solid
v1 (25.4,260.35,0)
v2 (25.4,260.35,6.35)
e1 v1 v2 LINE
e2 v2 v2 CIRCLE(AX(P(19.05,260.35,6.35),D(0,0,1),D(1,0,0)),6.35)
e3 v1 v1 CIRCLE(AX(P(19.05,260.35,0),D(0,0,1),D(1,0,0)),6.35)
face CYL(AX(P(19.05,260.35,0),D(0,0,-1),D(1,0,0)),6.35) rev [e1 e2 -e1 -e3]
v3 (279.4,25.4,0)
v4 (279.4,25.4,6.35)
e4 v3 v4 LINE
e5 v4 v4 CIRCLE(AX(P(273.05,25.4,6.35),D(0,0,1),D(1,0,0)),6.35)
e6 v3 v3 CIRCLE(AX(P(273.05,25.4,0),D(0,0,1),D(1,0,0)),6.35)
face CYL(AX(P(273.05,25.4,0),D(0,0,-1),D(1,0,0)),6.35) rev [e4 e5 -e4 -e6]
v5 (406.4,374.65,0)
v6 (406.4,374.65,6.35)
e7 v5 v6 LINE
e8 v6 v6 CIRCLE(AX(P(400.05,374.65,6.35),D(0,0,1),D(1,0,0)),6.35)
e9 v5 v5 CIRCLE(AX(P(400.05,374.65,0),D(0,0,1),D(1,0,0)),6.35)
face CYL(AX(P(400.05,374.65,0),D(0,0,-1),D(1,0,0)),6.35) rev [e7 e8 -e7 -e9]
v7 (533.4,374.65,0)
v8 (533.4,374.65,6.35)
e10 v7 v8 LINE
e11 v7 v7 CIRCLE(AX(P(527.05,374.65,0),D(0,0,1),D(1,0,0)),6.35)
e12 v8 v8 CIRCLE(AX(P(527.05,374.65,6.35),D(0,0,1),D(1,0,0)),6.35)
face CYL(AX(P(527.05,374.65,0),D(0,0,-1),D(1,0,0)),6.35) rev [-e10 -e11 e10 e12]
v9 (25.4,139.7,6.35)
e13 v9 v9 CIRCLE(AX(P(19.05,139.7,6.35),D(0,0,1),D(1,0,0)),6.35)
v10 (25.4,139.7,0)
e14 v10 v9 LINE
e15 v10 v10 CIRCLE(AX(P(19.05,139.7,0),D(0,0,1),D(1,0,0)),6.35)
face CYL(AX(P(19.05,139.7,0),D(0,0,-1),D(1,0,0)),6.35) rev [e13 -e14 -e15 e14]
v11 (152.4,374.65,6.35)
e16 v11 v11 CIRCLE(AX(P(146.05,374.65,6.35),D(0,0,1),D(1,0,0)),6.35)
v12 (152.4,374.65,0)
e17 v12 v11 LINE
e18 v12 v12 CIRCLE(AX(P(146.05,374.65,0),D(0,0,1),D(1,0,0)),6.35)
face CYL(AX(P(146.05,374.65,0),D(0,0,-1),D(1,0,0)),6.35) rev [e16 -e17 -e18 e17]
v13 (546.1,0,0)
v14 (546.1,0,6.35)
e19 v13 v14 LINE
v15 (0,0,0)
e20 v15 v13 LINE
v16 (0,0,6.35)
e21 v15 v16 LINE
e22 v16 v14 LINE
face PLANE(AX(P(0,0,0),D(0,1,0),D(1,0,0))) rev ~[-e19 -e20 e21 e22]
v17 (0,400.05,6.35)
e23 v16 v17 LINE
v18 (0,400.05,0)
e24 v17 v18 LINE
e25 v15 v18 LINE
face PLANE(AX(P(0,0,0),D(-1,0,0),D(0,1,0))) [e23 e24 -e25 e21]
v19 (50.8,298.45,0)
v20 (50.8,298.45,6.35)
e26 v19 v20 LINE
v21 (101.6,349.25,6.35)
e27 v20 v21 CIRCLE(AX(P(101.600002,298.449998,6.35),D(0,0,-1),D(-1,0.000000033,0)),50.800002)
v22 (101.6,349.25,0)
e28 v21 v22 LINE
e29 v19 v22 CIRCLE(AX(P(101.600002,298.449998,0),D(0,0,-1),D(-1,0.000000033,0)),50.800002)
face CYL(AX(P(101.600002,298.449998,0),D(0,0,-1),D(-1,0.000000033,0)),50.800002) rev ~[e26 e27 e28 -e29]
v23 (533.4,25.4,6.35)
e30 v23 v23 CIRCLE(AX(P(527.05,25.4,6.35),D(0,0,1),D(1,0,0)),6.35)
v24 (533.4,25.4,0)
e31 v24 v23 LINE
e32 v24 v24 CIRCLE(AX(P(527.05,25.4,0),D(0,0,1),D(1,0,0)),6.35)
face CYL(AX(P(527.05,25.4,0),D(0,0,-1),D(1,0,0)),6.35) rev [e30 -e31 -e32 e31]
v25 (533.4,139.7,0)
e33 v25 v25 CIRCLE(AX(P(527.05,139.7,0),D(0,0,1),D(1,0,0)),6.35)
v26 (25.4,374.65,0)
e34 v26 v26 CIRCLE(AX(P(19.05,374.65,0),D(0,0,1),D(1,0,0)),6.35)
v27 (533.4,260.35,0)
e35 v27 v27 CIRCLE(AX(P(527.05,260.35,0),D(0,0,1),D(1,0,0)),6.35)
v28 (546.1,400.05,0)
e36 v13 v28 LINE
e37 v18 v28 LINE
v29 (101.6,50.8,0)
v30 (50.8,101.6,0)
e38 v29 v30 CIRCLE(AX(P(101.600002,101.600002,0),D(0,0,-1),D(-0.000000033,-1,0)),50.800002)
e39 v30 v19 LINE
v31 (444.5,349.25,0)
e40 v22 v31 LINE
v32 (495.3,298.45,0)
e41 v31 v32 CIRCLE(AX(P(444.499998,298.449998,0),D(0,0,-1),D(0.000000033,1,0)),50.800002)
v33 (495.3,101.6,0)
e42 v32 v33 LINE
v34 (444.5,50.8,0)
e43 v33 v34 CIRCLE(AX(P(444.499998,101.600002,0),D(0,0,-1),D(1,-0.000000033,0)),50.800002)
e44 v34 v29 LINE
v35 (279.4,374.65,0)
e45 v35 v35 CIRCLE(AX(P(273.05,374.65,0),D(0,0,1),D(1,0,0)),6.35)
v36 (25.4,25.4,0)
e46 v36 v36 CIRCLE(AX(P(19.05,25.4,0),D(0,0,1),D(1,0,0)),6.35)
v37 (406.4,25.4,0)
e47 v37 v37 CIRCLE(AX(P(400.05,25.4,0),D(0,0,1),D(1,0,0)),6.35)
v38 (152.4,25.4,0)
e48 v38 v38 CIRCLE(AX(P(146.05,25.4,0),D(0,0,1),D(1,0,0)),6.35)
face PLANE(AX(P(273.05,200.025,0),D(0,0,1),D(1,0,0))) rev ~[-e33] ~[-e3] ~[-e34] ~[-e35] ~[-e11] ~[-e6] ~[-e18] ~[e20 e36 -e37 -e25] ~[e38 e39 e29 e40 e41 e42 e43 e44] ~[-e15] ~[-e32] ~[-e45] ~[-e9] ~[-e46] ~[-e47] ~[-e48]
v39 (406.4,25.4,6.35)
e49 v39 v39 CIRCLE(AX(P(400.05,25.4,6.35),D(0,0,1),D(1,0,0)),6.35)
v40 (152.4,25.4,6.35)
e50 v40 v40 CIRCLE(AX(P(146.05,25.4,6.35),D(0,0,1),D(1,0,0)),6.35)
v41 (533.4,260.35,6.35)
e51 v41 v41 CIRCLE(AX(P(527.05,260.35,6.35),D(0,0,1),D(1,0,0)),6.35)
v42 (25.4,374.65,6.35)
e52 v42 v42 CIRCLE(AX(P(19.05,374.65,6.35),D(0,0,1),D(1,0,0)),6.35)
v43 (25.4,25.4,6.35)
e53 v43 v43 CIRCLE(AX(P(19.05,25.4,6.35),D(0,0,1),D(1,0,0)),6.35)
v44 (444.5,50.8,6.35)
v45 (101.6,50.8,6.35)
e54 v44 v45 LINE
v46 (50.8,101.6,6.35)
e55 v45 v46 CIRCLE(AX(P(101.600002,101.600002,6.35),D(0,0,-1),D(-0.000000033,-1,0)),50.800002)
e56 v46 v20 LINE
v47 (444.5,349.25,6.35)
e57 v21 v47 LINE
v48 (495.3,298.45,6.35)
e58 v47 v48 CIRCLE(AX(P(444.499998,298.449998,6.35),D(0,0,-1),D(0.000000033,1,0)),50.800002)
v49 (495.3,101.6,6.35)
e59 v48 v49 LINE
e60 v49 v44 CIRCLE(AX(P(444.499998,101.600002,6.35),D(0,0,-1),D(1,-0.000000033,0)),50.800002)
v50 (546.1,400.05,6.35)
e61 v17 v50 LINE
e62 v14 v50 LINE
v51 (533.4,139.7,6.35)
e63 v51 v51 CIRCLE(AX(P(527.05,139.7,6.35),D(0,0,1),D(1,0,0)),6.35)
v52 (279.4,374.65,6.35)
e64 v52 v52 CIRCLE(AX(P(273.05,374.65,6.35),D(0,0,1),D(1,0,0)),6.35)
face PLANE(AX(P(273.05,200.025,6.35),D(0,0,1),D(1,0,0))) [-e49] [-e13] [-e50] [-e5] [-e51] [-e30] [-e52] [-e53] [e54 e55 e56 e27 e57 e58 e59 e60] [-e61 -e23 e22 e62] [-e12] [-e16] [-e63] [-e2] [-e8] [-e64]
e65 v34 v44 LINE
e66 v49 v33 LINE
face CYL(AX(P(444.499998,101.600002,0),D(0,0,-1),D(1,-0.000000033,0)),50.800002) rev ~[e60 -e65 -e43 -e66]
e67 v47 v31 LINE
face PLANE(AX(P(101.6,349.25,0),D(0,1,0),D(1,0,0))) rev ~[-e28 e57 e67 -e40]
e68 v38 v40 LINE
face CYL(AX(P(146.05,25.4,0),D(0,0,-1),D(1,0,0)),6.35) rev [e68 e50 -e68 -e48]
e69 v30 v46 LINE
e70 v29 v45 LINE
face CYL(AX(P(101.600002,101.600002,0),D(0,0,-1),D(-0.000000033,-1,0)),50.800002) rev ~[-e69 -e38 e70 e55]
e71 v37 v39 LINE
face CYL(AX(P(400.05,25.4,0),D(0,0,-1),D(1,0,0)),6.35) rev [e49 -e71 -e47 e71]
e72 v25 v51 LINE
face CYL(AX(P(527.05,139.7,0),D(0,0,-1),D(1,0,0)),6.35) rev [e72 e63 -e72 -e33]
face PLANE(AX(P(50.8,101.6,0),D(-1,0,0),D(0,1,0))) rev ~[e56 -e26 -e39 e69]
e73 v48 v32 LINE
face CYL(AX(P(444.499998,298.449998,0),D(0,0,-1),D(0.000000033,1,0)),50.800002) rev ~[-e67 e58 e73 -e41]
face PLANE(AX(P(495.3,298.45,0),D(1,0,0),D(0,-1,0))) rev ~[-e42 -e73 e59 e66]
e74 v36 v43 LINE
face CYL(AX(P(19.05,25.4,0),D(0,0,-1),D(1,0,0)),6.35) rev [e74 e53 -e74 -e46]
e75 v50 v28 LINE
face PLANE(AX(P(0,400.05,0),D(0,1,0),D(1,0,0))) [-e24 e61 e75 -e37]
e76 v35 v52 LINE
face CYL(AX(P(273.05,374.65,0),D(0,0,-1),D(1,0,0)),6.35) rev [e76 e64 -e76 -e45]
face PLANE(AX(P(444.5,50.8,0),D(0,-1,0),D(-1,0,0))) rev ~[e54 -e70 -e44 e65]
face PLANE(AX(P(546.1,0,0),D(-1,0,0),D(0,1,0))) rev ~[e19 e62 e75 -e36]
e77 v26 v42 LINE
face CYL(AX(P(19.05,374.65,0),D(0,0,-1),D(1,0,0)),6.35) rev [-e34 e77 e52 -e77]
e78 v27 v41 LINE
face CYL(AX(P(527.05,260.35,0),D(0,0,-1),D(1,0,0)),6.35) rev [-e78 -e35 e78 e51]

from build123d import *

# Parameters (mm, degrees)
F0_W      = 546.1
F0_H      = 400.05
F0_R      = 6.35
F1_DEPTH  = 3.175
F1_FACE_W = 546.1
F1_FACE_H = 400.05
F1_FACE_R = 6.35
F2_DEPTH  = 3.175


with BuildPart() as f1:
    # F0 (on Top) → F1 (new body)
    with BuildSketch(Plane.XY):
        with Locations((273.05, 200.025)):
            Rectangle(F0_W, F0_H)
        with Locations((19.05, 25.4)):
            Circle(F0_R, mode=Mode.SUBTRACT)
        with Locations((146.05, 25.4)):
            Circle(F0_R, mode=Mode.SUBTRACT)
        with Locations((19.05, 139.7)):
            Circle(F0_R, mode=Mode.SUBTRACT)
        with Locations((273.05, 25.4)):
            Circle(F0_R, mode=Mode.SUBTRACT)
        with Locations((400.05, 25.4)):
            Circle(F0_R, mode=Mode.SUBTRACT)
        with Locations((527.05, 25.4)):
            Circle(F0_R, mode=Mode.SUBTRACT)
        with BuildLine():
            Line((444.5, 50.8), (101.6, 50.8))
            ThreePointArc((101.6, 50.8), (65.678976, 65.678976), (50.8, 101.6))
            Line((50.8, 101.6), (50.8, 298.45))
            ThreePointArc((50.8, 298.45), (65.678976, 334.371024), (101.6, 349.25))
            Line((101.6, 349.25), (444.5, 349.25))
            ThreePointArc((444.5, 349.25), (480.421024, 334.371024), (495.3, 298.45))
            Line((495.3, 298.45), (495.3, 101.6))
            ThreePointArc((495.3, 101.6), (480.421024, 65.678976), (444.5, 50.8))
        make_face(mode=Mode.SUBTRACT)
        with Locations((527.05, 139.7)):
            Circle(F0_R, mode=Mode.SUBTRACT)
        with Locations((19.05, 260.35)):
            Circle(F0_R, mode=Mode.SUBTRACT)
        with Locations((19.05, 374.65)):
            Circle(F0_R, mode=Mode.SUBTRACT)
        with Locations((146.05, 374.65)):
            Circle(F0_R, mode=Mode.SUBTRACT)
        with Locations((527.05, 260.35)):
            Circle(F0_R, mode=Mode.SUBTRACT)
        with Locations((273.05, 374.65)):
            Circle(F0_R, mode=Mode.SUBTRACT)
        with Locations((400.05, 374.65)):
            Circle(F0_R, mode=Mode.SUBTRACT)
        with Locations((527.05, 374.65)):
            Circle(F0_R, mode=Mode.SUBTRACT)
    extrude(amount=F1_DEPTH)

    # F0 (on Top) + F1_face (on face) → F2 (join)
    with BuildSketch(Plane.XY):
        with Locations((273.05, 200.025)):
            Rectangle(F0_W, F0_H)
        with Locations((19.05, 25.4)):
            Circle(F0_R, mode=Mode.SUBTRACT)
        with Locations((146.05, 25.4)):
            Circle(F0_R, mode=Mode.SUBTRACT)
        with Locations((19.05, 139.7)):
            Circle(F0_R, mode=Mode.SUBTRACT)
        with Locations((273.05, 25.4)):
            Circle(F0_R, mode=Mode.SUBTRACT)
        with Locations((400.05, 25.4)):
            Circle(F0_R, mode=Mode.SUBTRACT)
        with Locations((527.05, 25.4)):
            Circle(F0_R, mode=Mode.SUBTRACT)
        with BuildLine():
            Line((444.5, 50.8), (101.6, 50.8))
            ThreePointArc((101.6, 50.8), (65.678976, 65.678976), (50.8, 101.6))
            Line((50.8, 101.6), (50.8, 298.45))
            ThreePointArc((50.8, 298.45), (65.678976, 334.371024), (101.6, 349.25))
            Line((101.6, 349.25), (444.5, 349.25))
            ThreePointArc((444.5, 349.25), (480.421024, 334.371024), (495.3, 298.45))
            Line((495.3, 298.45), (495.3, 101.6))
            ThreePointArc((495.3, 101.6), (480.421024, 65.678976), (444.5, 50.8))
        make_face(mode=Mode.SUBTRACT)
        with Locations((527.05, 139.7)):
            Circle(F0_R, mode=Mode.SUBTRACT)
        with Locations((19.05, 260.35)):
            Circle(F0_R, mode=Mode.SUBTRACT)
        with Locations((19.05, 374.65)):
            Circle(F0_R, mode=Mode.SUBTRACT)
        with Locations((146.05, 374.65)):
            Circle(F0_R, mode=Mode.SUBTRACT)
        with Locations((527.05, 260.35)):
            Circle(F0_R, mode=Mode.SUBTRACT)
        with Locations((273.05, 374.65)):
            Circle(F0_R, mode=Mode.SUBTRACT)
        with Locations((400.05, 374.65)):
            Circle(F0_R, mode=Mode.SUBTRACT)
        with Locations((527.05, 374.65)):
            Circle(F0_R, mode=Mode.SUBTRACT)
    with BuildSketch(Plane(origin=(273.05, 200.025, 3.175), x_dir=(1, 0, 0), z_dir=(0, 0, 1))):
        Rectangle(F1_FACE_W, F1_FACE_H)
        with Locations((-254, -174.625)):
            Circle(F1_FACE_R, mode=Mode.SUBTRACT)
        with Locations((-127, -174.625)):
            Circle(F1_FACE_R, mode=Mode.SUBTRACT)
        with Locations((-254, -60.325)):
            Circle(F1_FACE_R, mode=Mode.SUBTRACT)
        with Locations((0, -174.625)):
            Circle(F1_FACE_R, mode=Mode.SUBTRACT)
        with Locations((127, -174.625)):
            Circle(F1_FACE_R, mode=Mode.SUBTRACT)
        with Locations((254, -174.625)):
            Circle(F1_FACE_R, mode=Mode.SUBTRACT)
        with BuildLine():
            Line((171.45, -149.225), (-171.45, -149.225))
            ThreePointArc((-171.45, -149.225), (-207.371024, -134.346024), (-222.25, -98.425))
            Line((-222.25, -98.425), (-222.25, 98.425))
            ThreePointArc((-222.25, 98.425), (-207.371024, 134.346024), (-171.45, 149.225))
            Line((-171.45, 149.225), (171.45, 149.225))
            ThreePointArc((171.45, 149.225), (207.371024, 134.346024), (222.25, 98.425))
            Line((222.25, 98.425), (222.25, -98.425))
            ThreePointArc((222.25, -98.425), (207.371024, -134.346024), (171.45, -149.225))
        make_face(mode=Mode.SUBTRACT)
        with Locations((254, -60.325)):
            Circle(F1_FACE_R, mode=Mode.SUBTRACT)
        with Locations((-254, 60.325)):
            Circle(F1_FACE_R, mode=Mode.SUBTRACT)
        with Locations((-254, 174.625)):
            Circle(F1_FACE_R, mode=Mode.SUBTRACT)
        with Locations((-127, 174.625)):
            Circle(F1_FACE_R, mode=Mode.SUBTRACT)
        with Locations((254, 60.325)):
            Circle(F1_FACE_R, mode=Mode.SUBTRACT)
        with Locations((0, 174.625)):
            Circle(F1_FACE_R, mode=Mode.SUBTRACT)
        with Locations((127, 174.625)):
            Circle(F1_FACE_R, mode=Mode.SUBTRACT)
        with Locations((254, 174.625)):
            Circle(F1_FACE_R, mode=Mode.SUBTRACT)
    extrude(amount=F2_DEPTH)


solid = f1.part
